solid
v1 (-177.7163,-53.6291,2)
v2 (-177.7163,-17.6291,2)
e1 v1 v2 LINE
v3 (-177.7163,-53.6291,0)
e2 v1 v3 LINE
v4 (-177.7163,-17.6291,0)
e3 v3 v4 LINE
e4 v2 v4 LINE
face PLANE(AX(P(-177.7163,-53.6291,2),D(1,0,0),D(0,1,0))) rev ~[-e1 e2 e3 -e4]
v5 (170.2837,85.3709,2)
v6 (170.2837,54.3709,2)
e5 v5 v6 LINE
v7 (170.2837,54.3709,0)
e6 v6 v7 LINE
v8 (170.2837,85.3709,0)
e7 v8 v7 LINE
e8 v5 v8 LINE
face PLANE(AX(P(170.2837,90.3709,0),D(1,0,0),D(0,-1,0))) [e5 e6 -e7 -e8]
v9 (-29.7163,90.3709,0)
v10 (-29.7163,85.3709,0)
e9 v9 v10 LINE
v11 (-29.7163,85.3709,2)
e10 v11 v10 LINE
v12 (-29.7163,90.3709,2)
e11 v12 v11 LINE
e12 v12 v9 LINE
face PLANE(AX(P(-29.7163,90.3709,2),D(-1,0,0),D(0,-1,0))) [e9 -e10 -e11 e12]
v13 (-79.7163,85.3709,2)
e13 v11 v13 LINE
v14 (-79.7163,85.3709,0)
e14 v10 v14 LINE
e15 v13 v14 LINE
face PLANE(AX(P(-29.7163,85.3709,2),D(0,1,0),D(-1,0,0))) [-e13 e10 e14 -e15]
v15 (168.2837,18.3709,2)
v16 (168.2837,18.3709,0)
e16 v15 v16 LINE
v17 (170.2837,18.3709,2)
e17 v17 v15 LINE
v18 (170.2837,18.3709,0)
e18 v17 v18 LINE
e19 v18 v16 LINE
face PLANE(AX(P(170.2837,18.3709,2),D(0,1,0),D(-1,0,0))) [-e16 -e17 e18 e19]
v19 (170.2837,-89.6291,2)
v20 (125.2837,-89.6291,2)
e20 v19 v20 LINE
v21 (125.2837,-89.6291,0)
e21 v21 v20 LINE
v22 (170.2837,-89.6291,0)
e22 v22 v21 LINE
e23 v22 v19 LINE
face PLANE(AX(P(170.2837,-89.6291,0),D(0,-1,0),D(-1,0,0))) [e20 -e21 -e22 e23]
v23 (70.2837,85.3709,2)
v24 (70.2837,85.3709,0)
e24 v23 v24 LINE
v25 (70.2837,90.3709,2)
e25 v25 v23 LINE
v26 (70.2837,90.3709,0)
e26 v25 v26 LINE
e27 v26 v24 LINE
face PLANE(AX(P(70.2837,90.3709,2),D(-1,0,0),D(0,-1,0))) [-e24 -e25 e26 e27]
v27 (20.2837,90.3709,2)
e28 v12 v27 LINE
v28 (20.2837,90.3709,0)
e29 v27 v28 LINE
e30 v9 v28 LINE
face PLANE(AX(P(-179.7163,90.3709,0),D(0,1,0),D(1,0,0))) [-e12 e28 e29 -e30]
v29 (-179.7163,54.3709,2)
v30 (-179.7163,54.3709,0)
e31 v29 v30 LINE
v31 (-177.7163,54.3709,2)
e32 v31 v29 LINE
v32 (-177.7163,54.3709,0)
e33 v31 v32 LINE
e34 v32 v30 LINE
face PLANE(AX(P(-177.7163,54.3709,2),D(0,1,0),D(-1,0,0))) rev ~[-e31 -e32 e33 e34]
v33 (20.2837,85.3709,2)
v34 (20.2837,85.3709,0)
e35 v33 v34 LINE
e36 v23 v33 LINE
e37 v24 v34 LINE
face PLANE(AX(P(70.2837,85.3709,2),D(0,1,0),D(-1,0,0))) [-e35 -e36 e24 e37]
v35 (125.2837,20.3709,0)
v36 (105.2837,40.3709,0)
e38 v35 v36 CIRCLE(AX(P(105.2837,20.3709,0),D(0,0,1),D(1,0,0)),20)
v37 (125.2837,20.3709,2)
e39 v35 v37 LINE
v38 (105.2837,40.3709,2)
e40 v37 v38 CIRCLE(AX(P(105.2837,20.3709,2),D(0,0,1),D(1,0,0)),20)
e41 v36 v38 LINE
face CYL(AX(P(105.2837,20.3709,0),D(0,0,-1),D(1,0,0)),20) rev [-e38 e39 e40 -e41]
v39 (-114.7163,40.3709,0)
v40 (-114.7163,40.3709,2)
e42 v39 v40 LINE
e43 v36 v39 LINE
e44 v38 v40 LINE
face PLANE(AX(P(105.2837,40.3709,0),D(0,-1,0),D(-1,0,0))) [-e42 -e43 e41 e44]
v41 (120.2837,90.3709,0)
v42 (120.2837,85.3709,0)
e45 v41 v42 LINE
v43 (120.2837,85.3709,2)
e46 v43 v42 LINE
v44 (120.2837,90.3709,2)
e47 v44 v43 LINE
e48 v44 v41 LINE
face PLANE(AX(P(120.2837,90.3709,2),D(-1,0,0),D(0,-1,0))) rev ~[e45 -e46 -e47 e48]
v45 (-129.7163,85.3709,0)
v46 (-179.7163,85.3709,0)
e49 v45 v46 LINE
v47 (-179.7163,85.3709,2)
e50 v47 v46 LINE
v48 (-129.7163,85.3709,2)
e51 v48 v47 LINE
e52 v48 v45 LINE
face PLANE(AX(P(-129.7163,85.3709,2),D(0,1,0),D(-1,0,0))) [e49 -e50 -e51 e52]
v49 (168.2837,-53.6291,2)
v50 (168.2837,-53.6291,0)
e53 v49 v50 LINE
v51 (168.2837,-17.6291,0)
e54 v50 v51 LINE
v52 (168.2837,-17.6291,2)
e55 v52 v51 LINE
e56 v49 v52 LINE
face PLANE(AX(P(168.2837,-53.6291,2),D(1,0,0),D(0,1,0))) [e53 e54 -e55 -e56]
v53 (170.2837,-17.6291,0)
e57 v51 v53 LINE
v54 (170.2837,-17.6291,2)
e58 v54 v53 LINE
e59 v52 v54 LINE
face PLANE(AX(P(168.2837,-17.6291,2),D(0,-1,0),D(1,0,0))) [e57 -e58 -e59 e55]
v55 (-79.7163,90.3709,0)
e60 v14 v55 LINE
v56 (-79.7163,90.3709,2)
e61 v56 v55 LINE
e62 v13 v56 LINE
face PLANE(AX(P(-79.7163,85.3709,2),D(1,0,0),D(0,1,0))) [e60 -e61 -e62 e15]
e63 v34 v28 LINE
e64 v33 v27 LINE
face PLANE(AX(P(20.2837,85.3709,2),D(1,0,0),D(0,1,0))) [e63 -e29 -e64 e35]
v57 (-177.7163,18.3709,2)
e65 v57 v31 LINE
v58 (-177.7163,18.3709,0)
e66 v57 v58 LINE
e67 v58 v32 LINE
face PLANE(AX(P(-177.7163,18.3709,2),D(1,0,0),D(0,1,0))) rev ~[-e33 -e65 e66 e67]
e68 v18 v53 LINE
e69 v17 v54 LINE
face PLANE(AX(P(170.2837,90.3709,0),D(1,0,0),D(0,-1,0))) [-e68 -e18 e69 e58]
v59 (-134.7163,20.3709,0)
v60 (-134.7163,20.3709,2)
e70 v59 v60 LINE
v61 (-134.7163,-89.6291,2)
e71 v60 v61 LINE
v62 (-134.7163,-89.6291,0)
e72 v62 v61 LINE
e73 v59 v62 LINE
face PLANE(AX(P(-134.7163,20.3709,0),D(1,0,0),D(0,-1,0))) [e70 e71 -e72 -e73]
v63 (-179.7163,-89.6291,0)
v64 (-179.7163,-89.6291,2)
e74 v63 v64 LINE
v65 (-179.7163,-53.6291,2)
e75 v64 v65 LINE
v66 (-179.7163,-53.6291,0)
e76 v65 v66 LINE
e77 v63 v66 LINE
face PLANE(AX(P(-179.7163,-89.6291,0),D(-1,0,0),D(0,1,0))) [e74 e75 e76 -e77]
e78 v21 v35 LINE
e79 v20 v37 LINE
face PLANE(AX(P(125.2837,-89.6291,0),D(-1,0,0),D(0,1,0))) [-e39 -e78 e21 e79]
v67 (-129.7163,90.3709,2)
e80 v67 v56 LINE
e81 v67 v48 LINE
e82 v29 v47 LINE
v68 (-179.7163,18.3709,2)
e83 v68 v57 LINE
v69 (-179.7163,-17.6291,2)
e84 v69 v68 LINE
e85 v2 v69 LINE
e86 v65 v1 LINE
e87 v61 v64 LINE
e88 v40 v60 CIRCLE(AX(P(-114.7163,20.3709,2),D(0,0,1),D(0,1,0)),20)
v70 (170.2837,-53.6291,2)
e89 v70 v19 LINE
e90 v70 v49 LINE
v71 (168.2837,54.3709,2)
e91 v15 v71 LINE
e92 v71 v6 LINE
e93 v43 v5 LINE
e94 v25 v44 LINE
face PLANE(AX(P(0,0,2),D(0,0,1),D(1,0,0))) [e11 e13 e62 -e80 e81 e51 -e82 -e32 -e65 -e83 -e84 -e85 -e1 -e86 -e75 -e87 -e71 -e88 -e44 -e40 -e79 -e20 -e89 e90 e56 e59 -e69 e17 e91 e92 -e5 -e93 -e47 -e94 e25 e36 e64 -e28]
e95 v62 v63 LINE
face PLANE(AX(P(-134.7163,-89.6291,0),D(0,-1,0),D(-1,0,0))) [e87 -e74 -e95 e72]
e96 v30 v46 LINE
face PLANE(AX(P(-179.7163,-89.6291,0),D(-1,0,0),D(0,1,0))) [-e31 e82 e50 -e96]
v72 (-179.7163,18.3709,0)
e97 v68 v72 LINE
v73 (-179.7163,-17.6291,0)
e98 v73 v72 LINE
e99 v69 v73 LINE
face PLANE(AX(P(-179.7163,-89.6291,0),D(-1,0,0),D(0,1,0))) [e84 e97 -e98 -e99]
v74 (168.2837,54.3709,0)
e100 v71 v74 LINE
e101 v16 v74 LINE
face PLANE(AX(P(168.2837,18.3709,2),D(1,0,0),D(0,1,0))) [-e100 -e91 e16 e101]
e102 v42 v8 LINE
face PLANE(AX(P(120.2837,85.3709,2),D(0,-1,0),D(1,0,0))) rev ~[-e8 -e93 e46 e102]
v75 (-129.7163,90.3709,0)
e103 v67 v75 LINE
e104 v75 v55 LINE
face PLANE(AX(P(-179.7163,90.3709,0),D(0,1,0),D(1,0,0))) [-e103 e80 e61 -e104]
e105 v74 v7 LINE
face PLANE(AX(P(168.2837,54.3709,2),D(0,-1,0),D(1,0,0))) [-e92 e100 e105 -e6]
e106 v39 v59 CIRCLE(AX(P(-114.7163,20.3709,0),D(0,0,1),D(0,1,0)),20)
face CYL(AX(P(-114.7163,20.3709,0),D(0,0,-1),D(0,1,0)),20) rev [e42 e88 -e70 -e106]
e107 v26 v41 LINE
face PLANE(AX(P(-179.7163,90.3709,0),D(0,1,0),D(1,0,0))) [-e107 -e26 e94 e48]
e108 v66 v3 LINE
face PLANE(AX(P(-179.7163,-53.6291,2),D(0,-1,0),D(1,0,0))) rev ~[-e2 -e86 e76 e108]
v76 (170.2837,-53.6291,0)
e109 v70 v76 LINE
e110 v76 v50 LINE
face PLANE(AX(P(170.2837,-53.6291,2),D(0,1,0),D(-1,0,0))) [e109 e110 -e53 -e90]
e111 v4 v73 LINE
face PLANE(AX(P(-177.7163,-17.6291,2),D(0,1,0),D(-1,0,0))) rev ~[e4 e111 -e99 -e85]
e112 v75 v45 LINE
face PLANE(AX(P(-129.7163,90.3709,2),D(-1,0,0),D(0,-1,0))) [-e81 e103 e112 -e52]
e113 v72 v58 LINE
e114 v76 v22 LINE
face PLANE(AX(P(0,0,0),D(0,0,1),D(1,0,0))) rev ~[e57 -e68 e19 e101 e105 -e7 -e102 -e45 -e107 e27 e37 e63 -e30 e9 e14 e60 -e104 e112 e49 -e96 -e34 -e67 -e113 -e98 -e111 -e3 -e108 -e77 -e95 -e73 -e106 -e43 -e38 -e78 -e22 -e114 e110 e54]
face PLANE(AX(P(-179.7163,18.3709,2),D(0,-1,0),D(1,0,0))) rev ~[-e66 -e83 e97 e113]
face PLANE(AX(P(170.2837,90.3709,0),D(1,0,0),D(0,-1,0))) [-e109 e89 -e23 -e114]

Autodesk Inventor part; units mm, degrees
ref_plane "YZ Plane" through (0, 0, 0) normal (1, 0, 0) x (0, 1, 0)
ref_plane "XZ Plane" through (0, 0, 0) normal (0, 1, 0) x (-1, 0, 0)
ref_plane "XY Plane" through (0, 0, 0) normal (0, 0, 1) x (1, 0, 0)
sketch "Sketch1" plane through (0, 0, 0) normal (0, 0, 1) x (1, 0, 0)
  line L0 (-179.7163, 90.3709) -> (170.2837, 90.3709)
  line L1 (170.2837, 90.3709) -> (170.2837, -89.6291)
  line L2 (-179.7163, -89.6291) -> (-179.7163, 90.3709)
  line L3 (125.2837, -89.6291) -> (125.2837, 20.3709)
  line L4 (105.2837, 40.3709) -> (-114.7163, 40.3709)
  line L5 (-134.7163, 20.3709) -> (-134.7163, -89.6291)
  line L6 (170.2837, -89.6291) -> (125.2837, -89.6291)
  line L7 (-134.7163, -89.6291) -> (-179.7163, -89.6291)
  arc A0 (-114.7163, 40.3709) -> (-134.7163, 20.3709) centre (-114.7163, 20.3709) ccw
  arc A1 (125.2837, 20.3709) -> (105.2837, 40.3709) centre (105.2837, 20.3709) ccw
  point P0 (0, 0)
  dimension "d0" = 350
  dimension "d1" = 180
  dimension "d2" = 45
  dimension "d3" = 45
  dimension "d4" = 50
  dimension "d5" = 20
extrude "Extrusion1" add sketch "Sketch1" along normal blind 2
sketch "Sketch2" plane through (0, 0, 2) normal (0, 0, 1) x (1, 0, 0)
  line L0 (170.2837, 90.3709) -> (-179.7163, 90.3709) projected
  line L1 (-179.7163, 90.3709) -> (-129.7163, 90.3709)
  line L2 (-129.7163, 90.3709) -> (-129.7163, 85.3709)
  line L3 (-129.7163, 85.3709) -> (-179.7163, 85.3709)
  line L4 (-179.7163, 85.3709) -> (-179.7163, 90.3709)
  line L5 (-79.7163, 90.3709) -> (-29.7163, 90.3709)
  line L6 (-29.7163, 90.3709) -> (-29.7163, 85.3709)
  line L7 (-29.7163, 85.3709) -> (-79.7163, 85.3709)
  line L8 (-79.7163, 85.3709) -> (-79.7163, 90.3709)
  line L9 (20.2837, 90.3709) -> (70.2837, 90.3709)
  line L10 (70.2837, 90.3709) -> (70.2837, 85.3709)
  line L11 (70.2837, 85.3709) -> (20.2837, 85.3709)
  line L12 (20.2837, 85.3709) -> (20.2837, 90.3709)
  line L13 (170.2837, 90.3709) -> (120.2837, 90.3709)
  line L14 (120.2837, 90.3709) -> (120.2837, 85.3709)
  line L15 (120.2837, 85.3709) -> (170.2837, 85.3709)
  line L16 (170.2837, 85.3709) -> (170.2837, 90.3709)
  point P0 (0, 0)
  dimension "d8" = 50
  dimension "d9" = 50
  dimension "d10" = 50
  dimension "d11" = 50
  dimension "d12" = 50
  dimension "d13" = 50
  dimension "d14" = 50
  dimension "d15" = 5
extrude "Extrusion2" cut sketch "Sketch2" against normal blind 2
sketch "Sketch3" plane through (0, 0, 2) normal (0, 0, 1) x (1, 0, 0)
  line L0 (-179.7163, 85.3709) -> (-179.7163, -89.6291) projected
  line L1 (-179.7163, -53.6291) -> (-177.7163, -53.6291)
  line L2 (-177.7163, -53.6291) -> (-177.7163, -17.6291)
  line L3 (-177.7163, -17.6291) -> (-179.7163, -17.6291)
  line L4 (-179.7163, -17.6291) -> (-179.7163, -53.6291)
  line L5 (-179.7163, 18.3709) -> (-177.7163, 18.3709)
  line L6 (-177.7163, 18.3709) -> (-177.7163, 54.3709)
  line L7 (-177.7163, 54.3709) -> (-179.7163, 54.3709)
  line L8 (-179.7163, 54.3709) -> (-179.7163, 18.3709)
  line L9 (170.2837, -89.6291) -> (170.2837, 85.3709) projected
  line L10 (170.2837, -53.6291) -> (168.2837, -53.6291)
  line L11 (168.2837, -53.6291) -> (168.2837, -17.6291)
  line L12 (168.2837, -17.6291) -> (170.2837, -17.6291)
  line L13 (170.2837, -17.6291) -> (170.2837, -53.6291)
  line L14 (170.2837, 18.3709) -> (168.2837, 18.3709)
  line L15 (168.2837, 18.3709) -> (168.2837, 54.3709)
  line L16 (168.2837, 54.3709) -> (170.2837, 54.3709)
  line L17 (170.2837, 54.3709) -> (170.2837, 18.3709)
  line L18 (-179.7163, -89.6291) -> (-134.7163, -89.6291) projected
  line L19 (125.2837, -89.6291) -> (170.2837, -89.6291) projected
  point P0 (-177.7163, -35.6291)
  point P1 (-178.7163, -53.6291)
  point P2 (-178.7163, -17.6291)
  point P3 (-178.7163, 18.3709)
  point P4 (169.2837, -17.6291)
  point P5 (169.2837, 18.3709)
  point P6 (169.2837, -53.6291)
  dimension "d28" = 36
  dimension "d29" = 2
  dimension "d30" = 2
  dimension "d31" = 36
  dimension "d32" = 36
  dimension "d33" = 36
  dimension "d34" = 2
  dimension "d35" = 36
  dimension "d36" = 36
  dimension "d37" = 36
  dimension "d38" = 36
extrude "Extrusion3" cut sketch "Sketch3" against normal blind 2
properties part number "back"
